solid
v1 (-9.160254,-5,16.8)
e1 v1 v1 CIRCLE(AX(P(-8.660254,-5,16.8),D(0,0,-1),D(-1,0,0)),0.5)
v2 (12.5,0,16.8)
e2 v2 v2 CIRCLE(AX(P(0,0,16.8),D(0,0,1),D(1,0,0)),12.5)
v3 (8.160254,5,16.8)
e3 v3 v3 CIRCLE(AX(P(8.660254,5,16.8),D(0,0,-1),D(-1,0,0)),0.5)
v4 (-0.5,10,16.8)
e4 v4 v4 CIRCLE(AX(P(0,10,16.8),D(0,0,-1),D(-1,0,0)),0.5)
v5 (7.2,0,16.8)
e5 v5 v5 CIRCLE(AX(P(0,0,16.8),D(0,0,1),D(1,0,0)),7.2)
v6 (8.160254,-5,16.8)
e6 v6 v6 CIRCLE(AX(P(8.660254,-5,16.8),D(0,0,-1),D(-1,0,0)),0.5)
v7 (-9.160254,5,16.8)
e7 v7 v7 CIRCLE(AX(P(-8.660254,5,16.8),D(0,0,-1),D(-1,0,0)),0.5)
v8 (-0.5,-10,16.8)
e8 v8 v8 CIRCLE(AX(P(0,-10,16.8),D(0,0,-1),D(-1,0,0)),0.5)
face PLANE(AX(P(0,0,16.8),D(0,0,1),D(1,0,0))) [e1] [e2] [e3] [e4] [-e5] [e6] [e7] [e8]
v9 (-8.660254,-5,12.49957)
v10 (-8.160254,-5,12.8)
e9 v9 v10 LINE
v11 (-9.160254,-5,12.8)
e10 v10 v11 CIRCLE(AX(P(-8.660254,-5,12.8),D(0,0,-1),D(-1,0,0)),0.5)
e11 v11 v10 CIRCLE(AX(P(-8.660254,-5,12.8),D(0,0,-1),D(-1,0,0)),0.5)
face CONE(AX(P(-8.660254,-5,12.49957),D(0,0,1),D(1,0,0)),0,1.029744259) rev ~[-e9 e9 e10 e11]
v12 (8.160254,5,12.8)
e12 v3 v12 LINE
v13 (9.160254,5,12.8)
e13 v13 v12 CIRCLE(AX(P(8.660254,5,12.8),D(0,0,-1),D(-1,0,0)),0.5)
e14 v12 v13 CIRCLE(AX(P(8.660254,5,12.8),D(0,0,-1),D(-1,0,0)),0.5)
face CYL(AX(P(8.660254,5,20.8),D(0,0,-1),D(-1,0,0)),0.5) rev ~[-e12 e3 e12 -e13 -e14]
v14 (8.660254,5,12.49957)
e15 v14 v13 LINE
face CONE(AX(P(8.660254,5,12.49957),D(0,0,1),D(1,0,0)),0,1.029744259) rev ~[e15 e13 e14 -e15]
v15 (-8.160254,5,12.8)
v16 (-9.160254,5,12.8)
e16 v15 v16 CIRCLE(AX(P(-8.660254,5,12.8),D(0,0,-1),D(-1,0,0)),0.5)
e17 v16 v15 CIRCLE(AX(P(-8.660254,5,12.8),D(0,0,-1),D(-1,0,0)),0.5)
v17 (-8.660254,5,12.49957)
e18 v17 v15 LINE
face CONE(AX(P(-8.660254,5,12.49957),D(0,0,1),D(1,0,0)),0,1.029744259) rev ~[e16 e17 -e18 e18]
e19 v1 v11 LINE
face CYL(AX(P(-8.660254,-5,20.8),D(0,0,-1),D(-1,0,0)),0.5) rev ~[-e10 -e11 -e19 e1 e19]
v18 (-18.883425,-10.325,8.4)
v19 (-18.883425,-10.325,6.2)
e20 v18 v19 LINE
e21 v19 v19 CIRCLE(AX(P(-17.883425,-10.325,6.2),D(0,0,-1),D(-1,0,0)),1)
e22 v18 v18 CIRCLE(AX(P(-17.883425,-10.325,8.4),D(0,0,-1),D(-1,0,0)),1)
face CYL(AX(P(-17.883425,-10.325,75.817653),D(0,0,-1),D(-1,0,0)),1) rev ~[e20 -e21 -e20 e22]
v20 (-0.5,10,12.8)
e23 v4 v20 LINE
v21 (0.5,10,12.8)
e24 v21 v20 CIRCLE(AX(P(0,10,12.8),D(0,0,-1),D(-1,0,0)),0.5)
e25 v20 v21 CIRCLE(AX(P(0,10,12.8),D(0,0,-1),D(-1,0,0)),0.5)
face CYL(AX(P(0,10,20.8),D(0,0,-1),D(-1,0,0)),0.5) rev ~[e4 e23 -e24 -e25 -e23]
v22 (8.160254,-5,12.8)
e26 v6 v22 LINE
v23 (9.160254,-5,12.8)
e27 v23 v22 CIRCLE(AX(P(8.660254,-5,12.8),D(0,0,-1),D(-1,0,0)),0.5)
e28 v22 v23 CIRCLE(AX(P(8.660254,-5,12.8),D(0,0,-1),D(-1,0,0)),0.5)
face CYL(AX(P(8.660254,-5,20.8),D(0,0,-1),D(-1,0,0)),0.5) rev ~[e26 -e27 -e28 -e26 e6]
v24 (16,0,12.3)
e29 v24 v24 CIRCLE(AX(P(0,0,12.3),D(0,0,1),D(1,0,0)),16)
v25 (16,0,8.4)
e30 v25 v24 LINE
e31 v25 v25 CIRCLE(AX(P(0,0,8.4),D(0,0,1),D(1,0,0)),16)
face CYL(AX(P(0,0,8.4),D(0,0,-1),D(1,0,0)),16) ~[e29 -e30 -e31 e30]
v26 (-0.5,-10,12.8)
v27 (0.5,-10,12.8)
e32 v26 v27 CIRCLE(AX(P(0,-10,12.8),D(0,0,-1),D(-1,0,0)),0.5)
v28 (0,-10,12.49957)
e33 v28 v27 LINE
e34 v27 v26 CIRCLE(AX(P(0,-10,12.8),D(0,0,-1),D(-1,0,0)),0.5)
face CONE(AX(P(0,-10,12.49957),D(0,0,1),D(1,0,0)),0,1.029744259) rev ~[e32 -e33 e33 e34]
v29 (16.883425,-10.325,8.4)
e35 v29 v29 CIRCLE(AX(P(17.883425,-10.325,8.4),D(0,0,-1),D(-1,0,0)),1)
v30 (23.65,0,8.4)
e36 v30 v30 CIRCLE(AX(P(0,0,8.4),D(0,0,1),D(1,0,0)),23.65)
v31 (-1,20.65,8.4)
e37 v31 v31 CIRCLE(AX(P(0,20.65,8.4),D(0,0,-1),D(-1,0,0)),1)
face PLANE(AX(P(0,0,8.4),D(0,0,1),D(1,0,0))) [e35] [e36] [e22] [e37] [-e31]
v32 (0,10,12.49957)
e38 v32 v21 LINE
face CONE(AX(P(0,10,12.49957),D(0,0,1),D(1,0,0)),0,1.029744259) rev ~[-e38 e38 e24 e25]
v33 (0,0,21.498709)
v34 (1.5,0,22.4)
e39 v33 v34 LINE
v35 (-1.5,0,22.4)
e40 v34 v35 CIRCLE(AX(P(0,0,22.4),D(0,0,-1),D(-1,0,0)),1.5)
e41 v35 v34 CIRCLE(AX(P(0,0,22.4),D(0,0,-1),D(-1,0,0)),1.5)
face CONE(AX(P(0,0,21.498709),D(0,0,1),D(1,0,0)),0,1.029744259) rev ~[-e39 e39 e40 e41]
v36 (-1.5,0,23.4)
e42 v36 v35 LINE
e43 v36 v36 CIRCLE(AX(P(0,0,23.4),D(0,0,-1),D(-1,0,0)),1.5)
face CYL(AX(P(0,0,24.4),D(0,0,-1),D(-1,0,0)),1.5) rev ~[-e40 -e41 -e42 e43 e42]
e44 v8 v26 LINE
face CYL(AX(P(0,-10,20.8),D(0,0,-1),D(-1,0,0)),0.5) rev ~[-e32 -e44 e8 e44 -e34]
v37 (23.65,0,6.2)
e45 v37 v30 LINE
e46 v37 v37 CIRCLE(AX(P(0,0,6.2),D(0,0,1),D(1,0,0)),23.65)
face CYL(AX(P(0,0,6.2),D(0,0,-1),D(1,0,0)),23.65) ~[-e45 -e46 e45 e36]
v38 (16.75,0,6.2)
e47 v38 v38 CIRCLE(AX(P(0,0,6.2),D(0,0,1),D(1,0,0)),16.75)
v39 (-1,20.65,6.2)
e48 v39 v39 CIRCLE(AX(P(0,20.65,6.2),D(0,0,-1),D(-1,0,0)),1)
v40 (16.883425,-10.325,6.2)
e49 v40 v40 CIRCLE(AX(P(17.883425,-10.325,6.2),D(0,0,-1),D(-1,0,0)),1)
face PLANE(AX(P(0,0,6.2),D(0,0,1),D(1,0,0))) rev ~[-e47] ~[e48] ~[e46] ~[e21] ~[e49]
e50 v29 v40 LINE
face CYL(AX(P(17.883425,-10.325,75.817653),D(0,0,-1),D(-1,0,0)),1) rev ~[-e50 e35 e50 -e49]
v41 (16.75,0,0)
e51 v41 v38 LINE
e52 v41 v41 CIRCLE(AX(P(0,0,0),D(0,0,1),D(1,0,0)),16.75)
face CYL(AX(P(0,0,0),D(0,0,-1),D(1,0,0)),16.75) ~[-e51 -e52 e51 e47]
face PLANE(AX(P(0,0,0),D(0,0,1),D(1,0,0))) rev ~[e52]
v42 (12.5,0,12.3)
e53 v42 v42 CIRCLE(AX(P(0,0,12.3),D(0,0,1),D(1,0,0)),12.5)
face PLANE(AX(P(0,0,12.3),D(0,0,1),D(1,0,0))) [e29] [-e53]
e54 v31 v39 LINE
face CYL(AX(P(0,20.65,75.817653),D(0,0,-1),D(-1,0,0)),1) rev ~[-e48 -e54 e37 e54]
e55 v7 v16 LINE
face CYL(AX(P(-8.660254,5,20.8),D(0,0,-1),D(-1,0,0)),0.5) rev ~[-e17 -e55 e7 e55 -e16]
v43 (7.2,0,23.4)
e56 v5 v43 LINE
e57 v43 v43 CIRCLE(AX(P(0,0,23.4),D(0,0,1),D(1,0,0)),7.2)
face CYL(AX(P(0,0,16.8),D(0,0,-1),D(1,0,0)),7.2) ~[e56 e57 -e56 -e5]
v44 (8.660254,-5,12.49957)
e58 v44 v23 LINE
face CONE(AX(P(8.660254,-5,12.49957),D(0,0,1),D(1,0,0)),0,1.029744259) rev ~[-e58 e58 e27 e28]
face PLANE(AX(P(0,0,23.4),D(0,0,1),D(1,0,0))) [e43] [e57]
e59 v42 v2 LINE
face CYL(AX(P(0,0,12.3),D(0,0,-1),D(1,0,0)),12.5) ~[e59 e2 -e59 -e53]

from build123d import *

# Parameters (mm, degrees)
F0_R      = 16.75
F1_DEPTH  = 6.2
F2_R      = 23.65
F3_DEPTH  = 2.2
F5_D      = 2
F6_R      = 16
F7_DEPTH  = 3.9
F8_R      = 12.5
F9_DEPTH  = 4.5
F11_D     = 1
F11_DEPTH = 4
F11_TIP   = 0.3004303095
F12_R     = 7.2
F13_DEPTH = 6.6
F15_D     = 3
F15_DEPTH = 1
F15_TIP   = 0.9012909285


with BuildPart() as f1:
    # F0 (on Top) → F1 (new body)
    with BuildSketch(Plane.XY):
        Circle(F0_R)
    extrude(amount=F1_DEPTH)

    # F2 (on face) → F3 (join)
    with BuildSketch(Plane.XY.offset(6.2)):
        Circle(F2_R)
    extrude(amount=F3_DEPTH)

    # F5 (through all)
    with Locations(Plane.XY.offset(8.4)):
        with Locations((0, 20.65), (17.8834245881, -10.325), (-17.8834245881, -10.325)):
            Hole(F5_D / 2)

    # F6 (on face) → F7 (join)
    with BuildSketch(Plane.XY.offset(8.4)):
        Circle(F6_R)
    extrude(amount=F7_DEPTH)

    # F8 (on face) → F9 (join)
    with BuildSketch(Plane.XY.offset(12.3)):
        Circle(F8_R)
    extrude(amount=F9_DEPTH)

    # F11
    with Locations(Plane.XY.offset(16.8)):
        with Locations((-8.6602540378, 5), (0, 10), (8.6602540378, 5), (8.6602540378, -5), (0, -10), (-8.6602540378, -5)):
            Hole(F11_D / 2, depth=F11_DEPTH)
            with Locations((0, 0, -(F11_DEPTH + F11_TIP / 2))):  # 118° drill point
                Cone(0, F11_D / 2, F11_TIP, mode=Mode.SUBTRACT)

    # F12 (on face) → F13 (join)
    with BuildSketch(Plane.XY.offset(16.8)):
        Circle(F12_R)
    extrude(amount=F13_DEPTH)

    # F15
    with Locations(Plane.XY.offset(23.4)):
        with Locations((0, 0)):
            Hole(F15_D / 2, depth=F15_DEPTH)
            with Locations((0, 0, -(F15_DEPTH + F15_TIP / 2))):  # 118° drill point
                Cone(0, F15_D / 2, F15_TIP, mode=Mode.SUBTRACT)


solid = f1.part
